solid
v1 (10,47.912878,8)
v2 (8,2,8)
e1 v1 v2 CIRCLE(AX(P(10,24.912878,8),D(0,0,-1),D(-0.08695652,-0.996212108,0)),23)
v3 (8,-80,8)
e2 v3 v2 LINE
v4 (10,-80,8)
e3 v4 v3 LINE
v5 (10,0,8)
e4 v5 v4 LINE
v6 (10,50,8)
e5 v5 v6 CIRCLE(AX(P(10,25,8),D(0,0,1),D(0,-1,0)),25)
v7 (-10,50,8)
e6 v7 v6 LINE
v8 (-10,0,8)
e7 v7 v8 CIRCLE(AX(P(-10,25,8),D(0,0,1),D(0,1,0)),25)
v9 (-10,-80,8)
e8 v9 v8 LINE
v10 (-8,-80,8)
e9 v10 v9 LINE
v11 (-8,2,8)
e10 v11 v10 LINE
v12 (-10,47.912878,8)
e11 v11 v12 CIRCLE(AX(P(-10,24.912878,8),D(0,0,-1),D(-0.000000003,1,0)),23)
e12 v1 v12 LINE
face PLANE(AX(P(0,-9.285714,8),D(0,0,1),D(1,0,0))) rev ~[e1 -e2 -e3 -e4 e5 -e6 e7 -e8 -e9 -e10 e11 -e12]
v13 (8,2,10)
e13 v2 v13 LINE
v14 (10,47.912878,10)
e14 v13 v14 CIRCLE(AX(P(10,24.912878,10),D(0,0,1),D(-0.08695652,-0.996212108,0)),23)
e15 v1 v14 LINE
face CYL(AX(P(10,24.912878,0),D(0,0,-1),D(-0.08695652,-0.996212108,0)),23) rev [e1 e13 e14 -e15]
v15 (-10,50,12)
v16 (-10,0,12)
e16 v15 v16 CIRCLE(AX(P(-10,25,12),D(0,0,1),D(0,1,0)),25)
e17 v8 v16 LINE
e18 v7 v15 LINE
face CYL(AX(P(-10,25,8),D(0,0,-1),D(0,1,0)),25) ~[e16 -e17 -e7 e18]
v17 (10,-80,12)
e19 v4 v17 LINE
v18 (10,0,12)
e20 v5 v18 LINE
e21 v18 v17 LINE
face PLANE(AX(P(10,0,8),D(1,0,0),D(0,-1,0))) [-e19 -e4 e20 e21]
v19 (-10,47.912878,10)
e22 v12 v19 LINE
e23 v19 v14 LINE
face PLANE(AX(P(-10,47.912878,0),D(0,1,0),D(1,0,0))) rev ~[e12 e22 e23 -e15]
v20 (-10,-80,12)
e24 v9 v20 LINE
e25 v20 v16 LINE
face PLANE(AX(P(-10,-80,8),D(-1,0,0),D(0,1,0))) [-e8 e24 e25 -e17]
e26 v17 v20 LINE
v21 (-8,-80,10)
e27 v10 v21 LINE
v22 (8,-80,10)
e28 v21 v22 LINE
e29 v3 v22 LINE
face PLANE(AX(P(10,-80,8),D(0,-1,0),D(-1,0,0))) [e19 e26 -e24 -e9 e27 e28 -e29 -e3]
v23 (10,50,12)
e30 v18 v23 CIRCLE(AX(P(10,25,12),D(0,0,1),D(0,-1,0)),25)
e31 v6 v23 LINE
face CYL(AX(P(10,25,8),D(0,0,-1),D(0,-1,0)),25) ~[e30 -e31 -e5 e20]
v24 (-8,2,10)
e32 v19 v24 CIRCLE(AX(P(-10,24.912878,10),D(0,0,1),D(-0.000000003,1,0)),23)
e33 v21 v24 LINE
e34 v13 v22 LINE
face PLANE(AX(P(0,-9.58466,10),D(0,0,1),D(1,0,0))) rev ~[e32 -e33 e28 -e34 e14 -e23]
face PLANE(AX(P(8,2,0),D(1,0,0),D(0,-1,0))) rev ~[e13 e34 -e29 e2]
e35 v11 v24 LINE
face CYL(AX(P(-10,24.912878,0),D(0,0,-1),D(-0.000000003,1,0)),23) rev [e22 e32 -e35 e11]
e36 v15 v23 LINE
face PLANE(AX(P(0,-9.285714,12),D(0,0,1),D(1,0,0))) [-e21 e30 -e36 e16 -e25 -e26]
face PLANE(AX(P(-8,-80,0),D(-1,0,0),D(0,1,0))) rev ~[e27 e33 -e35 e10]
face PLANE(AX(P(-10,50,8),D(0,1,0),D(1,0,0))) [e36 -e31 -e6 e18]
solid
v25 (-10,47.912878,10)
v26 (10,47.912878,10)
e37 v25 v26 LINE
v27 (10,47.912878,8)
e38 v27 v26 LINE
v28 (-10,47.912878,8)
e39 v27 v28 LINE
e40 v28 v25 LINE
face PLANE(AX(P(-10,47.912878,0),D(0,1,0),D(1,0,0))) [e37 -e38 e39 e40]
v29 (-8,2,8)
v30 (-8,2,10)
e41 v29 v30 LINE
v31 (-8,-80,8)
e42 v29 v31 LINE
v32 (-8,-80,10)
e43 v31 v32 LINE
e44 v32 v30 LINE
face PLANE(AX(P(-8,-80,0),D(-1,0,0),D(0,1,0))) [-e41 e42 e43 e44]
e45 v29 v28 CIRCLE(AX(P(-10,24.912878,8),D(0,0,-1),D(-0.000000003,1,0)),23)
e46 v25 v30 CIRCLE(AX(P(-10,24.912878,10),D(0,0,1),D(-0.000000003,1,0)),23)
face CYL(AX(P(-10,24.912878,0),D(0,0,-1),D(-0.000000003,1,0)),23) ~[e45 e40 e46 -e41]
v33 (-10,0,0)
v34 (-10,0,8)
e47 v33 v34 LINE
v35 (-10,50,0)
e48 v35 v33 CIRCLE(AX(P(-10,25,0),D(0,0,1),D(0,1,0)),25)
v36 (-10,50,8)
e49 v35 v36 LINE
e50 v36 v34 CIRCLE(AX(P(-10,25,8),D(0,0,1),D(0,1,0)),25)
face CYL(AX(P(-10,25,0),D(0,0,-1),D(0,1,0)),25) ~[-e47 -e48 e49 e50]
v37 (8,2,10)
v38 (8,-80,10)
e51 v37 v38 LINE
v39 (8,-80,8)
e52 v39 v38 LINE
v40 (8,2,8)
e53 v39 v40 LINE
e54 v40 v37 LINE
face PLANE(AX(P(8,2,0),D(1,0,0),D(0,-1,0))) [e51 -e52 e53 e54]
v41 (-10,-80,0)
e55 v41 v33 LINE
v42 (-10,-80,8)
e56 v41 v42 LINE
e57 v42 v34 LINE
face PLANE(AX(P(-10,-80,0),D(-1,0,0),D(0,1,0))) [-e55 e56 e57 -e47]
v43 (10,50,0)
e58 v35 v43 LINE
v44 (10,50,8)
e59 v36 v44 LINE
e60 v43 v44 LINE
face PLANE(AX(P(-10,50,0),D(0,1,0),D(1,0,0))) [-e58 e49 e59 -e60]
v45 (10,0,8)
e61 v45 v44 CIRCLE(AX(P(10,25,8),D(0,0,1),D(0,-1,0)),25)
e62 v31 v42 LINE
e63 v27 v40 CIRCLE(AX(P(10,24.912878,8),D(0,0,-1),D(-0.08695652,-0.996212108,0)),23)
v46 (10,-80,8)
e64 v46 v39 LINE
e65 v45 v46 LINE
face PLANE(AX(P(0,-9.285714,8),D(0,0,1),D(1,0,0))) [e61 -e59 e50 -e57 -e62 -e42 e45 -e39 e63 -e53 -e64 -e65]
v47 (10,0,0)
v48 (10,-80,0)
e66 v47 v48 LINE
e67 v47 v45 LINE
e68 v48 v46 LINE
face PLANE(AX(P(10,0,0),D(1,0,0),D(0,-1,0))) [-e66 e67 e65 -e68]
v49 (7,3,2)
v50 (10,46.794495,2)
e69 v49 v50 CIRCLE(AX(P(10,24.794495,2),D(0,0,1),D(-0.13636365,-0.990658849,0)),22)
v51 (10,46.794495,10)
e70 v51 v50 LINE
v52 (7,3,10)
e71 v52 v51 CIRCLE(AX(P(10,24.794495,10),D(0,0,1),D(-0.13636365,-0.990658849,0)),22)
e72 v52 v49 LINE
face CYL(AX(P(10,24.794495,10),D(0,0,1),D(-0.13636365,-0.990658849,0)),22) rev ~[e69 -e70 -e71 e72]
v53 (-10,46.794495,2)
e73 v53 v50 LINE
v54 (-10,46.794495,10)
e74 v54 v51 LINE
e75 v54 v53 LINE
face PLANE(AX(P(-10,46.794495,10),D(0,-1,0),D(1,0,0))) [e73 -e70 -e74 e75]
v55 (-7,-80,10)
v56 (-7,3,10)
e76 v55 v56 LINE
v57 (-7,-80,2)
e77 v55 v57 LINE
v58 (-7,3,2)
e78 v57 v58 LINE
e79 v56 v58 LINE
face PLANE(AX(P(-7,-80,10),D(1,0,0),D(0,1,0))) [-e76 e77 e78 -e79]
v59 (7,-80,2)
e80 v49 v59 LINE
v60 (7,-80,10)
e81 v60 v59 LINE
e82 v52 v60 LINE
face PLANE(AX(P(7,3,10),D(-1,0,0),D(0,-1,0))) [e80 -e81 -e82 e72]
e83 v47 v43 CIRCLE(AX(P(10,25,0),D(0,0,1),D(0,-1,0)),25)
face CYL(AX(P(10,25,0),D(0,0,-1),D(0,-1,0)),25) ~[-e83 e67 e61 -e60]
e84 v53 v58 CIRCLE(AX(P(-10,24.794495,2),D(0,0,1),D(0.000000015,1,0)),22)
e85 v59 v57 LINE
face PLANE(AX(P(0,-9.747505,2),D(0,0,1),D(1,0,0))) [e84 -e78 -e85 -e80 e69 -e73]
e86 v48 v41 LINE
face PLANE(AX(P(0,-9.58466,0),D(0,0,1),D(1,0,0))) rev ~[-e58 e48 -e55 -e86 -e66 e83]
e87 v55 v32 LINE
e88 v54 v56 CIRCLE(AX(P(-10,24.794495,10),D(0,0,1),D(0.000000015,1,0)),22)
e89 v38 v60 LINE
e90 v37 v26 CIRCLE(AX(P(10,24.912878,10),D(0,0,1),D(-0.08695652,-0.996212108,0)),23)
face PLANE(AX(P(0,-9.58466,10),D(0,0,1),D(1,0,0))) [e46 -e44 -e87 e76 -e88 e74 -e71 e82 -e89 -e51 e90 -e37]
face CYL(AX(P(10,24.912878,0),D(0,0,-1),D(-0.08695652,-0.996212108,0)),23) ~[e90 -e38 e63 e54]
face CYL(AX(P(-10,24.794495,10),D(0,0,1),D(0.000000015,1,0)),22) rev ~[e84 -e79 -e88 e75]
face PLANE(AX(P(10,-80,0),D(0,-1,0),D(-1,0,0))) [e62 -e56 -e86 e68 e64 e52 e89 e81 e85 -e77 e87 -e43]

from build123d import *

# Parameters (mm, degrees)
PAD_DEPTH       = 8
PAD001_DEPTH    = 10
POCKET_DEPTH    = 8
PAD002_DEPTH    = 4
POCKET001_DEPTH = 2
PAD003_DEPTH    = 8
PAD004_DEPTH    = 10
POCKET002_DEPTH = 8


with BuildPart() as body_groove:
    # Sketch → Pad (new body)
    with BuildSketch(Plane.XY):
        with BuildLine():
            ThreePointArc((-10, 50), (-35, 25), (-10, 0))
            Line((-10, -80), (-10, 0))
            Line((10, -80), (-10, -80))
            Line((10, 0), (10, -80))
            ThreePointArc((10, 0), (35, 25), (10, 50))
            Line((-10, 50), (10, 50))
        make_face()
    extrude(amount=PAD_DEPTH)

    # Sketch001 → Pad001 (join)
    with BuildSketch(Plane.XY):
        with BuildLine():
            ThreePointArc((-10, 47.912878), (-32.978209, 23.91193), (-8, 2))
            Line((-8, -80), (-8, 2))
            Line((8, -80), (-8, -80))
            Line((8, 2), (8, -80))
            ThreePointArc((8, 2), (32.978209, 23.91193), (10, 47.912878))
            Line((-10, 47.912878), (10, 47.912878))
        make_face()
    extrude(amount=PAD001_DEPTH)

    # Sketch002 → Pocket (cut)
    with BuildSketch(Plane.XY.offset(10)):
        with BuildLine():
            ThreePointArc((-10, 46.794495), (-31.948564, 23.290979), (-7, 3))
            Line((-7, -80), (-7, 3))
            Line((7, -80), (-7, -80))
            Line((7, 3), (7, -80))
            ThreePointArc((7, 3), (31.948564, 23.290979), (10, 46.794495))
            Line((-10, 46.794495), (10, 46.794495))
        make_face()
    extrude(amount=-POCKET_DEPTH, mode=Mode.SUBTRACT)


with BuildPart() as cover:
    # Sketch003 → Pad002 (new body)
    with BuildSketch(Plane.XY.offset(8)):
        with BuildLine():
            ThreePointArc((-10, 50), (-35, 25), (-10, 0))
            Line((-10, -80), (-10, 0))
            Line((10, -80), (-10, -80))
            Line((10, 0), (10, -80))
            ThreePointArc((10, 0), (35, 25), (10, 50))
            Line((-10, 50), (10, 50))
        make_face()
    extrude(amount=PAD002_DEPTH)

    # Sketch004 → Pocket001 (cut)
    with BuildSketch(Plane.XY.offset(8)):
        with BuildLine():
            ThreePointArc((-10, 46.794495), (-31.948564, 23.290979), (-7, 3))
            Line((-7, -80), (-7, 3))
            Line((7, -80), (-7, -80))
            Line((7, 3), (7, -80))
            ThreePointArc((7, 3), (31.948564, 23.290979), (10, 46.794495))
            Line((-10, 46.794495), (10, 46.794495))
        make_face()
    extrude(amount=POCKET001_DEPTH, mode=Mode.SUBTRACT)

    # Cut: cut Body_groove
    add(body_groove.part, mode=Mode.SUBTRACT)


with BuildPart() as body:
    # Sketch005 → Pad003 (new body)
    with BuildSketch(Plane.XY):
        with BuildLine():
            ThreePointArc((-10, 50), (-35, 25), (-10, 0))
            Line((-10, -80), (-10, 0))
            Line((10, -80), (-10, -80))
            Line((10, 0), (10, -80))
            ThreePointArc((10, 0), (35, 25), (10, 50))
            Line((-10, 50), (10, 50))
        make_face()
    extrude(amount=PAD003_DEPTH)

    # Sketch007 → Pad004 (join)
    with BuildSketch(Plane.XY):
        with BuildLine():
            ThreePointArc((-10, 47.912878), (-32.978209, 23.91193), (-8, 2))
            Line((-8, -80), (-8, 2))
            Line((8, -80), (-8, -80))
            Line((8, 2), (8, -80))
            ThreePointArc((8, 2), (32.978209, 23.91193), (10, 47.912878))
            Line((-10, 47.912878), (10, 47.912878))
        make_face()
    extrude(amount=PAD004_DEPTH)

    # Sketch006 → Pocket002 (cut)
    with BuildSketch(Plane.XY.offset(10)):
        with BuildLine():
            ThreePointArc((-10, 46.794495), (-31.948564, 23.290979), (-7, 3))
            Line((-7, -80), (-7, 3))
            Line((7, -80), (-7, -80))
            Line((7, 3), (7, -80))
            ThreePointArc((7, 3), (31.948564, 23.290979), (10, 46.794495))
            Line((-10, 46.794495), (10, 46.794495))
        make_face()
    extrude(amount=-POCKET002_DEPTH, mode=Mode.SUBTRACT)


solid = Compound([cover.part, body.part])
